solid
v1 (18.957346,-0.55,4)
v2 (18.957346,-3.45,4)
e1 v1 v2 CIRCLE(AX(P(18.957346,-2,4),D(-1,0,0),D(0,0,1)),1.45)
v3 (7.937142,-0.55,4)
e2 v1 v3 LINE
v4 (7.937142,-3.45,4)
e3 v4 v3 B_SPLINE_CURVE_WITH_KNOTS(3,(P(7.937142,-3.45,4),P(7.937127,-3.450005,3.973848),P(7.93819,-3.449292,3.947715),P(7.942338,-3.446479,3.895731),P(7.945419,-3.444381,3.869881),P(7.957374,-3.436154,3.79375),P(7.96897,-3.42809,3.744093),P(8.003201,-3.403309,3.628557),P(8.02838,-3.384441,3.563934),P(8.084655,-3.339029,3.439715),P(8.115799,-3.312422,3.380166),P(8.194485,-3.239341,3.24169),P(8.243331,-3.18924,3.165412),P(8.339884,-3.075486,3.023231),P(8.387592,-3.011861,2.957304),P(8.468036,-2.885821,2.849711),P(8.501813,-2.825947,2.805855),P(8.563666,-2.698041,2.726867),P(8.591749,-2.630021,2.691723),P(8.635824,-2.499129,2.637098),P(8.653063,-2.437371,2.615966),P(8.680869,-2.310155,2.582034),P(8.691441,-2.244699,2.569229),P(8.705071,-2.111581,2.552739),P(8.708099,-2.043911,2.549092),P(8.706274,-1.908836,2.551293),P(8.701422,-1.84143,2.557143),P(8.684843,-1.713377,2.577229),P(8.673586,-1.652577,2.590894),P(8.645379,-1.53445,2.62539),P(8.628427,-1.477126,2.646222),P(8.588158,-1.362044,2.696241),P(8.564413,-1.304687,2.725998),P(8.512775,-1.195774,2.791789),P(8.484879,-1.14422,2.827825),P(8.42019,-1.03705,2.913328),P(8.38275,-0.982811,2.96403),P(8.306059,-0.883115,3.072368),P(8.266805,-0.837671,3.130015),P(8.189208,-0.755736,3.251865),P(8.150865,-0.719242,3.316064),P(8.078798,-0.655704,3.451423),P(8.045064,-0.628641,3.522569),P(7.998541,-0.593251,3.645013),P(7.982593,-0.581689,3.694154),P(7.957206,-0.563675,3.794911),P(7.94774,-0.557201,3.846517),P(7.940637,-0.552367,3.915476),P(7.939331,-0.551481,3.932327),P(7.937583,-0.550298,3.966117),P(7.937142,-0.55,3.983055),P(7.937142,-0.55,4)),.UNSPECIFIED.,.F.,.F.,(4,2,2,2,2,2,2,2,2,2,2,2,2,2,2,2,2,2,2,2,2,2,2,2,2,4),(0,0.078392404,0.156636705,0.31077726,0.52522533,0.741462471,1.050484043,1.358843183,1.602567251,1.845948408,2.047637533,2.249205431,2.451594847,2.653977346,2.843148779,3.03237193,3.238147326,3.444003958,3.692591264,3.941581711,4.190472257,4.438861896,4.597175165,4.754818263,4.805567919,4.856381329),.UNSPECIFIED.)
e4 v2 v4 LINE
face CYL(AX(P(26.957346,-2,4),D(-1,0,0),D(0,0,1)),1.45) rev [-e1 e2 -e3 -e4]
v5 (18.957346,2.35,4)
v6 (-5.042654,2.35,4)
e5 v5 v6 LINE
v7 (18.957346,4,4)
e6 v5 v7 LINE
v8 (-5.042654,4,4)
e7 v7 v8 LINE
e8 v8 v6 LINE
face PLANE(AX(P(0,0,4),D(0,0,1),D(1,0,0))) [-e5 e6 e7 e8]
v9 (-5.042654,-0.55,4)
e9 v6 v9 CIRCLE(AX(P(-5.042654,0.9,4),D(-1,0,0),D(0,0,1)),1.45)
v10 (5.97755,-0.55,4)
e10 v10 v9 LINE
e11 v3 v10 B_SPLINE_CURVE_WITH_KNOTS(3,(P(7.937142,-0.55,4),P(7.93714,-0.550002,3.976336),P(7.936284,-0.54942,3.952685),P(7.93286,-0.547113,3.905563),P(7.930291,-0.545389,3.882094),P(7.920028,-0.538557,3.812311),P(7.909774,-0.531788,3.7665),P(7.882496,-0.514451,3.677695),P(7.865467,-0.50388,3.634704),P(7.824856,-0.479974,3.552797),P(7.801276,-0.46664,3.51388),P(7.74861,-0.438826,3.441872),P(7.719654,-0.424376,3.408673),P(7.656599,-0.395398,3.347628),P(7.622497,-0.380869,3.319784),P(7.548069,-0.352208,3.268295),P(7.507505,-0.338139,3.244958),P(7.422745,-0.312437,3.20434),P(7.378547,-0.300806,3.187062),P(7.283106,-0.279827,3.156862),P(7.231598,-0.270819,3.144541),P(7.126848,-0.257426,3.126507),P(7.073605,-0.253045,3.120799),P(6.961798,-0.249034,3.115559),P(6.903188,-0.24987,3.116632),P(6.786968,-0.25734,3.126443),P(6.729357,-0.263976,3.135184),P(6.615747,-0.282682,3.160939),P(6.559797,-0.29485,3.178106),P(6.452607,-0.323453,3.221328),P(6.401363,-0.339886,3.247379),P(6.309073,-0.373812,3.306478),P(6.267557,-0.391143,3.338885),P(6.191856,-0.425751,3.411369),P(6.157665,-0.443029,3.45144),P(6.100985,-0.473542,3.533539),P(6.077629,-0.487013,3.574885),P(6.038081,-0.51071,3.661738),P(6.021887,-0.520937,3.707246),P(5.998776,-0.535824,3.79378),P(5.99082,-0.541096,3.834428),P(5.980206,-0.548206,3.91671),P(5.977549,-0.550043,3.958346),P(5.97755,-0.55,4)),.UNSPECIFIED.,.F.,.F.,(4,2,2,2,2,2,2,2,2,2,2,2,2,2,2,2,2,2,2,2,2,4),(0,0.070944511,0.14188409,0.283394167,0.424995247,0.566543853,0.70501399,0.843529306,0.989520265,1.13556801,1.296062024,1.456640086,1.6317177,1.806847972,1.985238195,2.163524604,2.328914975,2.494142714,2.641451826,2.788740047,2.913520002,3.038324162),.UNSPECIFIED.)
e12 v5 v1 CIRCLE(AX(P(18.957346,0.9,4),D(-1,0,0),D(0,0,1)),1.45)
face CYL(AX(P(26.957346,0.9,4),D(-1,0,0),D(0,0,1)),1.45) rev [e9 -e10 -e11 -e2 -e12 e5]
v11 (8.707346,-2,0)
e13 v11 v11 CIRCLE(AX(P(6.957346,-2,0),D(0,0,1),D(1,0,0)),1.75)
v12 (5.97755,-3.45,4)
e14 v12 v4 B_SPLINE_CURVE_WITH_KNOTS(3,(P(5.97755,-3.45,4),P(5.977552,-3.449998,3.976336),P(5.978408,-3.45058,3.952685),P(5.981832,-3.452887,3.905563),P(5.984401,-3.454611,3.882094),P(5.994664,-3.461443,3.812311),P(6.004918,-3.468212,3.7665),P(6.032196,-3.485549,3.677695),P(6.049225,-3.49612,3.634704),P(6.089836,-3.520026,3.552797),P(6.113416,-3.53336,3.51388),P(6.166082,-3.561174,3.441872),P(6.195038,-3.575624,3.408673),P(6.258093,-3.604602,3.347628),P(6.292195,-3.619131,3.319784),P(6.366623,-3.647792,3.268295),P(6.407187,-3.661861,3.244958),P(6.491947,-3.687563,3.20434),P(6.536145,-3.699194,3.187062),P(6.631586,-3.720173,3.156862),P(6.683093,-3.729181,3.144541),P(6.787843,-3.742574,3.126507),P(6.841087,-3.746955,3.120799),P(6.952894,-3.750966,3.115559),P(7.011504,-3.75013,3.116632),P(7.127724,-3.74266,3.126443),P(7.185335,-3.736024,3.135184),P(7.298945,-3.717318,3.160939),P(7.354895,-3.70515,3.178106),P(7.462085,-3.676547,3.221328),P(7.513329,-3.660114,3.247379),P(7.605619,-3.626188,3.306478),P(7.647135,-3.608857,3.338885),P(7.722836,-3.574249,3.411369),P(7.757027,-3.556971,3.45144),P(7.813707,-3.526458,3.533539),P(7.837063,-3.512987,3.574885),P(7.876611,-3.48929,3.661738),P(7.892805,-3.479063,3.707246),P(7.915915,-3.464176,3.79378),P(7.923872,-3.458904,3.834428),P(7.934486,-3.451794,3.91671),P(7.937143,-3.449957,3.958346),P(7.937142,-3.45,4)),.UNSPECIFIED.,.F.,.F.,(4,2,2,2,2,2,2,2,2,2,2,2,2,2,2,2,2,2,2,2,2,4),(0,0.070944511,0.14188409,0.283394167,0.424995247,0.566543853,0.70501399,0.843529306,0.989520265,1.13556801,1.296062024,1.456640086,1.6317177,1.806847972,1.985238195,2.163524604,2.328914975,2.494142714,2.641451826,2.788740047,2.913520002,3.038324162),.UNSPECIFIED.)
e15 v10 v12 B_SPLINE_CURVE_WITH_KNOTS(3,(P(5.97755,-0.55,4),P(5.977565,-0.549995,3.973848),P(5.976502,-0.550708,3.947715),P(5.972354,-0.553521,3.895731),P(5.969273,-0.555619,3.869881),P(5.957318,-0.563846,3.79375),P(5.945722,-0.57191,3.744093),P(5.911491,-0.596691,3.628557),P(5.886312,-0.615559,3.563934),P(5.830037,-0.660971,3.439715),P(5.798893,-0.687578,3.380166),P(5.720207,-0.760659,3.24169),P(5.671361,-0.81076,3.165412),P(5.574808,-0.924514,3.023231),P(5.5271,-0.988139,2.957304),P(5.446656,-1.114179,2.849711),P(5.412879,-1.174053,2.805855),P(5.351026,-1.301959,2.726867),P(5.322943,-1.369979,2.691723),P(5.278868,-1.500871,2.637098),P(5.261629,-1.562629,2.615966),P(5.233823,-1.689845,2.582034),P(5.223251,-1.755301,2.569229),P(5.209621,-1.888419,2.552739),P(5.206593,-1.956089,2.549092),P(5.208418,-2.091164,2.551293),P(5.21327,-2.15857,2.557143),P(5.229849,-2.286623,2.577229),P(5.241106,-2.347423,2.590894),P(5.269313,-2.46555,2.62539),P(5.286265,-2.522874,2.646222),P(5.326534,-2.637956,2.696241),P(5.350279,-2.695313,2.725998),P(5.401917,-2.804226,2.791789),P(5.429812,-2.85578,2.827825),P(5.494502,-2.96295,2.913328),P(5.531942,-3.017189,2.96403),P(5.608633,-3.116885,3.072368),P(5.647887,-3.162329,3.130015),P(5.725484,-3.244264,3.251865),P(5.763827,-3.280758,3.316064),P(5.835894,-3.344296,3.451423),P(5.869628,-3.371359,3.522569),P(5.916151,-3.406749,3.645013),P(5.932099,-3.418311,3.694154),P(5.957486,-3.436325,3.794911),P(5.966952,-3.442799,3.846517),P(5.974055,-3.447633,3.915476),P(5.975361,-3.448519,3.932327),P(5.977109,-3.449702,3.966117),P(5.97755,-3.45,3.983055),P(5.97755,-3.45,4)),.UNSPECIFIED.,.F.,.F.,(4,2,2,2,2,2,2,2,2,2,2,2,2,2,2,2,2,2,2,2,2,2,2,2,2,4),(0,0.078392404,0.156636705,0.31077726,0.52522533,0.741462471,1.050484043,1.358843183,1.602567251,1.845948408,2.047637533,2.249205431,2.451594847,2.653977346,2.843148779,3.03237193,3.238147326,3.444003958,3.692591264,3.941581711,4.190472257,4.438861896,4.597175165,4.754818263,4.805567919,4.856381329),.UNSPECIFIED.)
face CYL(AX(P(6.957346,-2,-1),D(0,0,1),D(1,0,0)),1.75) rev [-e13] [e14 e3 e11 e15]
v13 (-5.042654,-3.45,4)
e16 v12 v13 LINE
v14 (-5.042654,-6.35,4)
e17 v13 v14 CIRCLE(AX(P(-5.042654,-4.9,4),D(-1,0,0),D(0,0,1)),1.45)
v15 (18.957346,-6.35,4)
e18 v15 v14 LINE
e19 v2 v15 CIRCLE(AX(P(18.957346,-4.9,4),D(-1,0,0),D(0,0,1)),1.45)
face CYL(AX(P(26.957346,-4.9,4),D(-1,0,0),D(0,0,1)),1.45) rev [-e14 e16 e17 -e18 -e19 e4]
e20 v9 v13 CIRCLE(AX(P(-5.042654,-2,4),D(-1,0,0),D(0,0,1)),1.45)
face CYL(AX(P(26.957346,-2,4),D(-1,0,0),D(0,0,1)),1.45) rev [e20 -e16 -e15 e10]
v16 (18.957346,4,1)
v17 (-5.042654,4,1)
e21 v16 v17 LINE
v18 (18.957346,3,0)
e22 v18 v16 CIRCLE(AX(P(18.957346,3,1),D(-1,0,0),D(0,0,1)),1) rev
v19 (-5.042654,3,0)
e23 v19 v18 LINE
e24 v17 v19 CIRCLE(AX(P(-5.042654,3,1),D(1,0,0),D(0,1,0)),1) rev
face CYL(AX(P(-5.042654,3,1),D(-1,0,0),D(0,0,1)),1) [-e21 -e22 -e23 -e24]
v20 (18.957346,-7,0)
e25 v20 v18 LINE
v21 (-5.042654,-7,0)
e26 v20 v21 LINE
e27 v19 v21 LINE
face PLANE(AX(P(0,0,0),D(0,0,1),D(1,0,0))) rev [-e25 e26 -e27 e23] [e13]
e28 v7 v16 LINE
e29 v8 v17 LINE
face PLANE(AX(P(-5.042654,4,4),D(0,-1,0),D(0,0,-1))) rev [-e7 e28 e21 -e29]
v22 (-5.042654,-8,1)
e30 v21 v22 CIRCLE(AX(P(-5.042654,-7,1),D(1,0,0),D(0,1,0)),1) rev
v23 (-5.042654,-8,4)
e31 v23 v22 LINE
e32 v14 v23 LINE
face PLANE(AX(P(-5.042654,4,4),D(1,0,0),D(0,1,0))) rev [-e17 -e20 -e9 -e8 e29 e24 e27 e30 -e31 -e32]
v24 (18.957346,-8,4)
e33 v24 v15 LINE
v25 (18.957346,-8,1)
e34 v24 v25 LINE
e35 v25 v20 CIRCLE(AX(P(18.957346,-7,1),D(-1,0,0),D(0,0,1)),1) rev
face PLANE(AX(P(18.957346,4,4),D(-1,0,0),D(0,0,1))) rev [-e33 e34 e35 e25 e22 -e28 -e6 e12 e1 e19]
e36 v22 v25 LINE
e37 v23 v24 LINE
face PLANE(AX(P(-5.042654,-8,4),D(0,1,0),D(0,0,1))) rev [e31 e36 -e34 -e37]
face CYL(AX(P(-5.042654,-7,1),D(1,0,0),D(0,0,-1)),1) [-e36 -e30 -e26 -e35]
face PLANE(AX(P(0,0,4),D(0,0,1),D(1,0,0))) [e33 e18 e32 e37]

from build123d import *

# Parameters (mm, degrees)
SKETCH2_W           = 24
SKETCH2_H           = 12
BOSS_EXTRUDE1_DEPTH = 4
SKETCH3_R           = 1.75
CUT_EXTRUDE1_DEPTH  = 5
FILLET1_R           = 1
CUT_EXTRUDE2_DEPTH  = 32


with BuildPart() as part:
    # Sketch2 → Boss-Extrude1 (new body)
    with BuildSketch(Plane.XY):
        with Locations((6.957345972, -2)):
            Rectangle(SKETCH2_W, SKETCH2_H)
    extrude(amount=BOSS_EXTRUDE1_DEPTH)

    # Sketch3 → Cut-Extrude1 (cut)
    with BuildSketch(Plane.XY.offset(4)):
        with Locations((6.957345972, -2)):
            Circle(SKETCH3_R)
    extrude(amount=-CUT_EXTRUDE1_DEPTH, mode=Mode.SUBTRACT)

    # Fillet1
    fillet1_edges = [part.edges().sort_by_distance(p)[0] for p in [
        (6.957345972, 4, 0),
        (6.957345972, -8, 0),
    ]]
    fillet(fillet1_edges, radius=FILLET1_R)

    # Sketch4 → Cut-Extrude2 (cut)
    with BuildSketch(Plane.ZY.offset(5.042654028)):
        with BuildLine():
            ThreePointArc((5.45, -4.9), (5.025304833, -3.874695167), (4, -3.45))
            Line((4, -3.45), (4, -6.35))
            ThreePointArc((4, -6.35), (5.025304833, -5.925304833), (5.45, -4.9))
        make_face()
        with BuildLine():
            Line((4, -6.35), (4, -3.45))
            ThreePointArc((4, -3.45), (2.55, -4.9), (4, -6.35))
        make_face()
        with BuildLine():
            ThreePointArc((4, -3.45), (5.025304833, -3.025304833), (5.45, -2))
            ThreePointArc((5.45, -2), (5.025304833, -0.974695167), (4, -0.55))
            Line((4, -0.55), (4, -3.45))
        make_face()
        with BuildLine():
            Line((4, -3.45), (4, -0.55))
            ThreePointArc((4, -0.55), (2.55, -2), (4, -3.45))
        make_face()
        with BuildLine():
            ThreePointArc((4, 2.35), (2.55, 0.9), (4, -0.55))
            Line((4, -0.55), (4, 2.35))
        make_face()
        with BuildLine():
            Line((4, 2.35), (4, -0.55))
            ThreePointArc((4, -0.55), (5.025304833, -0.125304833), (5.45, 0.9))
            ThreePointArc((5.45, 0.9), (5.025304833, 1.925304833), (4, 2.35))
        make_face()
    extrude(amount=-CUT_EXTRUDE2_DEPTH, mode=Mode.SUBTRACT)


solid = part.part
